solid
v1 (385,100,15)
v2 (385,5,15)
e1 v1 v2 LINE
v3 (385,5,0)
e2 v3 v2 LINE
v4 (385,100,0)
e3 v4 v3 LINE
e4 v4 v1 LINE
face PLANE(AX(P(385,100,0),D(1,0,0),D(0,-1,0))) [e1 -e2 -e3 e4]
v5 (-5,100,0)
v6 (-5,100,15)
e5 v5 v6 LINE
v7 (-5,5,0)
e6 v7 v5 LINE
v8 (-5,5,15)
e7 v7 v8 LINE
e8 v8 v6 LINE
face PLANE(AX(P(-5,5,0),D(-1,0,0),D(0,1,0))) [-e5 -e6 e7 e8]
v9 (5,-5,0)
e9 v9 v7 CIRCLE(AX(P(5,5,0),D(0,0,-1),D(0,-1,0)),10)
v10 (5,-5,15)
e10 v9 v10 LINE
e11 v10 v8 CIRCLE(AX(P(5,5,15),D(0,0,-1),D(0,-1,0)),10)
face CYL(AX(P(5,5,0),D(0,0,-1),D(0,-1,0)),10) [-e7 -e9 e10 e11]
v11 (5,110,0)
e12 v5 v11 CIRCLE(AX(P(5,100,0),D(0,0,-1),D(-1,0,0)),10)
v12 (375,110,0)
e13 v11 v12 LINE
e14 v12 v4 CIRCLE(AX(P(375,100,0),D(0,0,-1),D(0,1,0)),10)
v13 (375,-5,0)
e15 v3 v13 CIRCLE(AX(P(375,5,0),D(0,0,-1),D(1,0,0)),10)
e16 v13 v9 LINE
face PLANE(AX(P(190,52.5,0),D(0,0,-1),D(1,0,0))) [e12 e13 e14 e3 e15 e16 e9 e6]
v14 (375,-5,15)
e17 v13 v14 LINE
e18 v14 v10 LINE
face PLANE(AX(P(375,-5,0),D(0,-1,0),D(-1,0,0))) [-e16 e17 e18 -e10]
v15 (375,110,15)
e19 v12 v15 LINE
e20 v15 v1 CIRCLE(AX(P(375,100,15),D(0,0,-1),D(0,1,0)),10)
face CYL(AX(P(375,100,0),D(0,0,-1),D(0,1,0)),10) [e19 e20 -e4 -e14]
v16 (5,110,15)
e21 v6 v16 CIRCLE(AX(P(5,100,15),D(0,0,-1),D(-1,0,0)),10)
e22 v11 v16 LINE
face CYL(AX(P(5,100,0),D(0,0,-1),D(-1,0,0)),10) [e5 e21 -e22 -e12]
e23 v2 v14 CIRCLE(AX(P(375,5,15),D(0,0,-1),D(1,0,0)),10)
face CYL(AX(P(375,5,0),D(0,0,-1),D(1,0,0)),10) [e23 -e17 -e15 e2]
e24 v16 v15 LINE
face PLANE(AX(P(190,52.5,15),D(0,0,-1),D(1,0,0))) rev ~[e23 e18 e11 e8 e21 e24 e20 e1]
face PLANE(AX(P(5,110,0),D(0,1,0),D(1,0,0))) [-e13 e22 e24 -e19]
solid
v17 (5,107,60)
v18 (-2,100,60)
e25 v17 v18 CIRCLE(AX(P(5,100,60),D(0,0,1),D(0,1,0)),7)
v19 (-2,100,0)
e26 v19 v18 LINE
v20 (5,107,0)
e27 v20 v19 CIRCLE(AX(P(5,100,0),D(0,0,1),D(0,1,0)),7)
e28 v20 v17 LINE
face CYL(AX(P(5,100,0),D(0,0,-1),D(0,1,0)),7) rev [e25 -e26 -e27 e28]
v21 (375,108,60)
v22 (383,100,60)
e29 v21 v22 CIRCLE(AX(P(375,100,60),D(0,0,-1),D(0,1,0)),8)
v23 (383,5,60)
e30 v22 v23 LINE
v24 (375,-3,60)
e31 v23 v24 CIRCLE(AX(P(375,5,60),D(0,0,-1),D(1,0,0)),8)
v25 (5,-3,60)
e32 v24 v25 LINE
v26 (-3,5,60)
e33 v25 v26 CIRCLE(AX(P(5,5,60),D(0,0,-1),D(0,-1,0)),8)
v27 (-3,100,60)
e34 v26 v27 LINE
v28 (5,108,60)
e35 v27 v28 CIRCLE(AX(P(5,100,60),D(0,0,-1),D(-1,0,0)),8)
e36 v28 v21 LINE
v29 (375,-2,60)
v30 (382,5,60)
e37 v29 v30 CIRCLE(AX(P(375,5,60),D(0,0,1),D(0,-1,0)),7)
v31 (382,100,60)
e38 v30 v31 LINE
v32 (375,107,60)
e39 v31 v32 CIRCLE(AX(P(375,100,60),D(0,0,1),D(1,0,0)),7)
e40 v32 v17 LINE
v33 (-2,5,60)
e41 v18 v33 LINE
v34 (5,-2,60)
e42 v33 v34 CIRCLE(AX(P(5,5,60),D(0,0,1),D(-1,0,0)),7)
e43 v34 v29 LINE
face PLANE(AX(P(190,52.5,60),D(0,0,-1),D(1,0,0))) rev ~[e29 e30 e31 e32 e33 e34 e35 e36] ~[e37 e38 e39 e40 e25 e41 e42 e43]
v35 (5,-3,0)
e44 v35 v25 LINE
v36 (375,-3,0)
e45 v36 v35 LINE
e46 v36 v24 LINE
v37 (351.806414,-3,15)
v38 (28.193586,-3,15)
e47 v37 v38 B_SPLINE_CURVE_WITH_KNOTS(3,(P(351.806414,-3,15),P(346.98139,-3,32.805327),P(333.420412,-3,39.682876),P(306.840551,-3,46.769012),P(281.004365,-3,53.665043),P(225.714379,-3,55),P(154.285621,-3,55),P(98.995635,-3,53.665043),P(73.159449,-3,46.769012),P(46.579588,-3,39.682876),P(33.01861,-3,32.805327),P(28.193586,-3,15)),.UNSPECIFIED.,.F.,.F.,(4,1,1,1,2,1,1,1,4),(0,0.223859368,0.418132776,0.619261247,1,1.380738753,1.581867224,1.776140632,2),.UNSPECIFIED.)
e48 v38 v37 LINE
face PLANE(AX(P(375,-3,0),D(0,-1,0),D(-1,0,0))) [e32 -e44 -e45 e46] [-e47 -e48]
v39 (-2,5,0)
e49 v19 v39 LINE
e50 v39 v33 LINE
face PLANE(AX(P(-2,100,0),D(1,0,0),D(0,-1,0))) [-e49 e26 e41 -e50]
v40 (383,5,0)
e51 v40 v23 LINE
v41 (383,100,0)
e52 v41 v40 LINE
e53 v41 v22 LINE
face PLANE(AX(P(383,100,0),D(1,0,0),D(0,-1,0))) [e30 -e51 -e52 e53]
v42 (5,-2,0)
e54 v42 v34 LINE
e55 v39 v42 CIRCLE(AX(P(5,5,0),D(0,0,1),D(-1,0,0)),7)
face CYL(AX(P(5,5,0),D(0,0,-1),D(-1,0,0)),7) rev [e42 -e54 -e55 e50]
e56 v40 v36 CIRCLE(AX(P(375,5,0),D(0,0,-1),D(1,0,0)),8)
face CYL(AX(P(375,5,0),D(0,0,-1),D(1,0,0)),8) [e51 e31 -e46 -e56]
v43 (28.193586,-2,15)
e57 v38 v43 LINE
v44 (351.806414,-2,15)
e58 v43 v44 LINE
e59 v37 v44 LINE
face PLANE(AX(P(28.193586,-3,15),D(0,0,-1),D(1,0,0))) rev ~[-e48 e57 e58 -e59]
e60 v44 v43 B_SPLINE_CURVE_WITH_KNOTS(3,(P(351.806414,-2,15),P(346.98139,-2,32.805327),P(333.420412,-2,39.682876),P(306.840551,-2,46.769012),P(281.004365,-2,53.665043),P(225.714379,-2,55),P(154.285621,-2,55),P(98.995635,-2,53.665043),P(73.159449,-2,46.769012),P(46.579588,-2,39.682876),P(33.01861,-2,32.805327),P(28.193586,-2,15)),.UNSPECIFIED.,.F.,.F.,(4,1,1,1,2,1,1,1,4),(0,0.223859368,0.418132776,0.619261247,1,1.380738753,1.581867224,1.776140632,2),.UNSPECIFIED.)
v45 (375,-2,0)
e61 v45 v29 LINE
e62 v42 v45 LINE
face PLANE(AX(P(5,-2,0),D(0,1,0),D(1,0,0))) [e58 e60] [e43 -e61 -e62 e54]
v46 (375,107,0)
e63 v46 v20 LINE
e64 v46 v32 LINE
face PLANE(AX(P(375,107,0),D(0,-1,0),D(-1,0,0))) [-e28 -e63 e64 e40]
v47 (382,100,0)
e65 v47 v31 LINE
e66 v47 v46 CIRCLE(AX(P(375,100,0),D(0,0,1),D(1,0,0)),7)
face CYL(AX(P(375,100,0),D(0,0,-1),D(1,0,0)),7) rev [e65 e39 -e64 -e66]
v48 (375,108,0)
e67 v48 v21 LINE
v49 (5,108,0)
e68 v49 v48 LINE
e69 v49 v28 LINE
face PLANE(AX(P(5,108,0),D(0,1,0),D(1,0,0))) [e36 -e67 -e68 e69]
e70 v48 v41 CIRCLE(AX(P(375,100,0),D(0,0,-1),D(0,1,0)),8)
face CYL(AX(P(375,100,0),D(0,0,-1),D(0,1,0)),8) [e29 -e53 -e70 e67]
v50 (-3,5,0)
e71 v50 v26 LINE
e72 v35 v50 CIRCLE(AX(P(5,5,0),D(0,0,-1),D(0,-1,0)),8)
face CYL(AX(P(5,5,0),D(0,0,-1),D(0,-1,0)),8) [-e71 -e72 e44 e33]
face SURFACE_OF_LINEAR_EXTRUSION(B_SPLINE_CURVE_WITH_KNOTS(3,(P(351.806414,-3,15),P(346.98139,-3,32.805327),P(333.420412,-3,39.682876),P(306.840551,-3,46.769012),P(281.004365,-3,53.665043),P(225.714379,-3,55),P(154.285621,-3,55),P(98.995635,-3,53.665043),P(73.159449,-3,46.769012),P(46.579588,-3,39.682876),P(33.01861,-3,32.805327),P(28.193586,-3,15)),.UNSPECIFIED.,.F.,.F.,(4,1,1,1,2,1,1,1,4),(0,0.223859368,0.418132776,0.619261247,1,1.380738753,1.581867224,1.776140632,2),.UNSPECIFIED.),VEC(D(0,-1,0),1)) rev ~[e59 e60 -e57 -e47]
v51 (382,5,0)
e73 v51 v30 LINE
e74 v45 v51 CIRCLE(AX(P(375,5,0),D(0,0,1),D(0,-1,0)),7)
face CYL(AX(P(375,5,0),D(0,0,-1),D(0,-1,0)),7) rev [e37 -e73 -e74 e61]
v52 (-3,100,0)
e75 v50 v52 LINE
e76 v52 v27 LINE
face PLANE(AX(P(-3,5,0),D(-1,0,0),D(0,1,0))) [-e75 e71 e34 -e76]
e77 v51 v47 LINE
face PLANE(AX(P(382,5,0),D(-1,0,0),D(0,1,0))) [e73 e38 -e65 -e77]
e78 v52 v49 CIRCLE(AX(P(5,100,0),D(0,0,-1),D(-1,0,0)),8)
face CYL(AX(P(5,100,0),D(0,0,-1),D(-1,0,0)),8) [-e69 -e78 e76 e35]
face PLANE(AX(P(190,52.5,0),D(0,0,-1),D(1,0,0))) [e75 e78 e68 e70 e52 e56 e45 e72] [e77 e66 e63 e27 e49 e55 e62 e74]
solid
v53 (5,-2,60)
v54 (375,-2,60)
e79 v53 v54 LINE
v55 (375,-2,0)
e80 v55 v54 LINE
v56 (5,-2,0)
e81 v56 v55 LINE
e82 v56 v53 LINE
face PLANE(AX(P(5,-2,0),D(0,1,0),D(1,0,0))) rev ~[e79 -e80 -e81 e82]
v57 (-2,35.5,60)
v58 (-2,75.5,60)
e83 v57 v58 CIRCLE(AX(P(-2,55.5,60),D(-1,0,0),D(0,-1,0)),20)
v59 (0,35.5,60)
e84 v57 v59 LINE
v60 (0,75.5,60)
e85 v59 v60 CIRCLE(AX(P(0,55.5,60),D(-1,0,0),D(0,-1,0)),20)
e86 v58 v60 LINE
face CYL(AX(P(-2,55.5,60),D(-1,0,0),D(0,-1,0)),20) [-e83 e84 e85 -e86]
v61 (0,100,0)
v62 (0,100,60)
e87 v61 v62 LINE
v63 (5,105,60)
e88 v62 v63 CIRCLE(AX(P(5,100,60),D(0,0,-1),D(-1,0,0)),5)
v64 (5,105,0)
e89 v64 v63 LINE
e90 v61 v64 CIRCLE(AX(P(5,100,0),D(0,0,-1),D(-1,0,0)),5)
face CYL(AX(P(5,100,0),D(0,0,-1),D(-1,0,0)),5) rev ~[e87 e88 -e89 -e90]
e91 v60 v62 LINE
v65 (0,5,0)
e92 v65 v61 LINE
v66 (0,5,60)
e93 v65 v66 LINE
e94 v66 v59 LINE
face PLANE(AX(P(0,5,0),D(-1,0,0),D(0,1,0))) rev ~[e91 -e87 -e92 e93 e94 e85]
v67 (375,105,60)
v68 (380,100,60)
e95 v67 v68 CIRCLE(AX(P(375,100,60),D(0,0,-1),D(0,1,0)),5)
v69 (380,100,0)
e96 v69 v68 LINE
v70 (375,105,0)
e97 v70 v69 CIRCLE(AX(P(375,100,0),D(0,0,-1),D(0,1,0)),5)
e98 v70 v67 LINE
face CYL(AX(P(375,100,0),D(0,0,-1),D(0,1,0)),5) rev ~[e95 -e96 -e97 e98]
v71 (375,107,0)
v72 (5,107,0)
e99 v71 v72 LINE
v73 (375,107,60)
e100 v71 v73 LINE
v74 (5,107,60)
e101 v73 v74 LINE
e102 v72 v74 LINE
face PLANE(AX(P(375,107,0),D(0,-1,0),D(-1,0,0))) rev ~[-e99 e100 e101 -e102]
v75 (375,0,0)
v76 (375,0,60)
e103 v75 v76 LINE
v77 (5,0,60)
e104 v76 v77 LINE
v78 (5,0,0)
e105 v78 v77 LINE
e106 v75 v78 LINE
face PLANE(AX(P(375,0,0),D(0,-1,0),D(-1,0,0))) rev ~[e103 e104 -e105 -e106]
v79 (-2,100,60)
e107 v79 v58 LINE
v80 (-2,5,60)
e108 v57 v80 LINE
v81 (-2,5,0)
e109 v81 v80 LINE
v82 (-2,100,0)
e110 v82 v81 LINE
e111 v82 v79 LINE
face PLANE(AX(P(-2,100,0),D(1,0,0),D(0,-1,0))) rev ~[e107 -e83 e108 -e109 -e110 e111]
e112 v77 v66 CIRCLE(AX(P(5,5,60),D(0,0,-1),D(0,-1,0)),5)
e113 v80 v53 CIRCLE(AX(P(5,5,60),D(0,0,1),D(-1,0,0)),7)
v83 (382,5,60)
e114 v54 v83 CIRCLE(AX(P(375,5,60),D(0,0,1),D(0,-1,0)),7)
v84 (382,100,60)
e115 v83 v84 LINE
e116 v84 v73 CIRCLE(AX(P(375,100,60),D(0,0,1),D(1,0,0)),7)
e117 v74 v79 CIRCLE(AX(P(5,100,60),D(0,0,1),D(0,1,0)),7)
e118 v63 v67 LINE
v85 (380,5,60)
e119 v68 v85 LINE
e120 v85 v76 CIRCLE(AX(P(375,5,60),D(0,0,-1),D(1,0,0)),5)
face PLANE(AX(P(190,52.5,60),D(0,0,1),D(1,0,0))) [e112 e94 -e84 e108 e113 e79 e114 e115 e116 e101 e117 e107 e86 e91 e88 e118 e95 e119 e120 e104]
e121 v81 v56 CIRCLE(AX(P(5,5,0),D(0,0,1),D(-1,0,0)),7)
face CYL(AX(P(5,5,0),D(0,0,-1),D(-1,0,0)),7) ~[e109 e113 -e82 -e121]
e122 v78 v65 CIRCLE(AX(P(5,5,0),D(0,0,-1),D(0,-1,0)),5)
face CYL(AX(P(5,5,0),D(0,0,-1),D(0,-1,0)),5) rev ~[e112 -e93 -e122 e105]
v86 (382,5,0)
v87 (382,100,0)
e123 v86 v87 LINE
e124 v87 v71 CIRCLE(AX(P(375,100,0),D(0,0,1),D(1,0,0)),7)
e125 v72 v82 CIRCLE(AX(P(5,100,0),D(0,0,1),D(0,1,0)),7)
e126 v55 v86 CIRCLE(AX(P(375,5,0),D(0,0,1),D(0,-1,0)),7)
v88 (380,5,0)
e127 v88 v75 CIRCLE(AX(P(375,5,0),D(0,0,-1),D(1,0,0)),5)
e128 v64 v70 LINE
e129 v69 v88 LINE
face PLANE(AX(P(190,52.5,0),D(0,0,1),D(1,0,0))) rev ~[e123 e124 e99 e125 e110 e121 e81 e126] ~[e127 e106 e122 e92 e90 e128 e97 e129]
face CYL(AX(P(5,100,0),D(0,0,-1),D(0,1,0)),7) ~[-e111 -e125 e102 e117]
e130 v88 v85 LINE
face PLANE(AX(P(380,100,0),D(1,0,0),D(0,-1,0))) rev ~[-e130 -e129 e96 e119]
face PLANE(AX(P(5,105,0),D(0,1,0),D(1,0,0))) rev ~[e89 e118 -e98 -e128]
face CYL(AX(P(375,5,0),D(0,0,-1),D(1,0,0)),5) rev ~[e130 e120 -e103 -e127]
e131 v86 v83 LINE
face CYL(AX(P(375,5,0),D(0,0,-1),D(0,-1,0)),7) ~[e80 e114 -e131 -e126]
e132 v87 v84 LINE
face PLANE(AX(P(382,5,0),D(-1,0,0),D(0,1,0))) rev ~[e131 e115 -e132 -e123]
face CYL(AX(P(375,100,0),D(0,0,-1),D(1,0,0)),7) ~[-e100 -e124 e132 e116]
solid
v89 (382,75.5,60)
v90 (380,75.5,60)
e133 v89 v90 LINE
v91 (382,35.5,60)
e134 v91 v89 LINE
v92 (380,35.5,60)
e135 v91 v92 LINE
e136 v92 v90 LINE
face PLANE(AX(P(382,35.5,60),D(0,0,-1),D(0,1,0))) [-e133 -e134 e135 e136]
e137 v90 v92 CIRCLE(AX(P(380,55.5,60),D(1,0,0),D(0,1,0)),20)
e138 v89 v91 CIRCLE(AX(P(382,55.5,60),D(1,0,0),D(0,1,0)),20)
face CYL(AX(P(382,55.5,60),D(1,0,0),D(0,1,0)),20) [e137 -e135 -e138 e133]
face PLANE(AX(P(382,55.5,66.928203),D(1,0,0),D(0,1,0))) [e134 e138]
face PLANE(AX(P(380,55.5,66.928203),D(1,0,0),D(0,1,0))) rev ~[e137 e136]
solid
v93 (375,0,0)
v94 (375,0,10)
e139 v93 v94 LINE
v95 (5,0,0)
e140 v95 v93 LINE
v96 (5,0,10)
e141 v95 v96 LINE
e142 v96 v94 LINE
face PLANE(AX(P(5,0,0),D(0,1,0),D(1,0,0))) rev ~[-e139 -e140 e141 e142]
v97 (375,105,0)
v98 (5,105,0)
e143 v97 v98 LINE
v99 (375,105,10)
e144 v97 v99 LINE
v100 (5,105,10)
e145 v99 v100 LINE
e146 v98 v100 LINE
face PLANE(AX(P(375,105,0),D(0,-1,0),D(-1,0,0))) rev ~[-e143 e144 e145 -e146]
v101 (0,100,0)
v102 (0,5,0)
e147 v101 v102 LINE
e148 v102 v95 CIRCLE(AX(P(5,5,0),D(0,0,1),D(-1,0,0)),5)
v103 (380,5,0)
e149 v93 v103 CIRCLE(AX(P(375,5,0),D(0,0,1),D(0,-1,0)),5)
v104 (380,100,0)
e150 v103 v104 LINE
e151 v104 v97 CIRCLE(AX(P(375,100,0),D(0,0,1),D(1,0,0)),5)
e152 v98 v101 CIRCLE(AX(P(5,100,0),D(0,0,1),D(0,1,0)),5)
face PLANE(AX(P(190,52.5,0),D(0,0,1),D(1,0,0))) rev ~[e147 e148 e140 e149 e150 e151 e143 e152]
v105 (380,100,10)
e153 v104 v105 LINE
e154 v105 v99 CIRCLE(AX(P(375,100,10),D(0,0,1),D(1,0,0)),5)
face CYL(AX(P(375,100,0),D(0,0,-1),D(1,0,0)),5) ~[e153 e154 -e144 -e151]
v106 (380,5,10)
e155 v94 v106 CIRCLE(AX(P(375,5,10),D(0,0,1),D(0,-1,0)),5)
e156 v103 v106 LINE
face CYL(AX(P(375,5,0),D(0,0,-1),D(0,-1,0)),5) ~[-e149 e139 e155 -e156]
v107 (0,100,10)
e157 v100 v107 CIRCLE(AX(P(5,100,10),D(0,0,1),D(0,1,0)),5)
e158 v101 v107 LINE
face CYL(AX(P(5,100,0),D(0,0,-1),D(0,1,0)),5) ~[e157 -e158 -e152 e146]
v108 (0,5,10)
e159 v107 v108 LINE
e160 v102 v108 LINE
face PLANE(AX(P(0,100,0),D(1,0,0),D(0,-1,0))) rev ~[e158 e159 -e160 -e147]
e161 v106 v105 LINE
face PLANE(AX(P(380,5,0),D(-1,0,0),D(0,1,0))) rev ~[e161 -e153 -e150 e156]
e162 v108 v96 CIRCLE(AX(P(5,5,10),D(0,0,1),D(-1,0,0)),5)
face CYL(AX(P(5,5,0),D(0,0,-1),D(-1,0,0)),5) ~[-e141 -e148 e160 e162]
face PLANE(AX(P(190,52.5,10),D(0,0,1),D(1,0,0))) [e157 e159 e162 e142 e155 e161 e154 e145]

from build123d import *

# Parameters (mm, degrees)
F2_DEPTH  = 10
F3_DEPTH  = 60
F5_DEPTH  = 2
F7_DEPTH  = 2
F9_DEPTH  = 60
F11_DEPTH = 15
F13_DEPTH = 1


with BuildPart() as f2:
    # F0 (on Top) → F2 (new body)
    with BuildSketch(Plane.XY):
        with BuildLine():
            Line((375, 105), (5, 105))
            ThreePointArc((5, 105), (1.4644660941, 103.5355339059), (0, 100))
            Line((0, 100), (0, 5))
            ThreePointArc((0, 5), (1.4644660941, 1.4644660941), (5, 0))
            Line((5, 0), (375, 0))
            ThreePointArc((375, 0), (378.5355339059, 1.4644660941), (380, 5))
            Line((380, 5), (380, 100))
            ThreePointArc((380, 100), (378.5355339059, 103.5355339059), (375, 105))
        make_face()
    extrude(amount=F2_DEPTH)


with BuildPart() as f3:
    # F1 (on Top) → F3 (new body)
    with BuildSketch(Plane.XY):
        with BuildLine():
            Line((-2, 100), (-2, 5))
            ThreePointArc((-2, 5), (0.0502525317, 0.0502525317), (5, -2))
            Line((5, -2), (375, -2))
            ThreePointArc((375, -2), (379.9497474683, 0.0502525317), (382, 5))
            Line((382, 5), (382, 100))
            ThreePointArc((382, 100), (379.9497474683, 104.9497474683), (375, 107))
            Line((375, 107), (5, 107))
            ThreePointArc((5, 107), (0.0502525317, 104.9497474683), (-2, 100))
        make_face()
        with BuildLine():
            ThreePointArc((0, 100), (1.4644660941, 103.5355339059), (5, 105))
            Line((5, 105), (375, 105))
            ThreePointArc((375, 105), (378.5355339059, 103.5355339059), (380, 100))
            Line((380, 100), (380, 5))
            ThreePointArc((380, 5), (378.5355339059, 1.4644660941), (375, 0))
            Line((375, 0), (5, 0))
            ThreePointArc((5, 0), (1.4644660941, 1.4644660941), (0, 5))
            Line((0, 5), (0, 100))
        make_face(mode=Mode.SUBTRACT)
    extrude(amount=F3_DEPTH)

    # F4 (on face) → F5 (join)
    with BuildSketch(Plane(origin=(-2, 0, 0), x_dir=(0, -1, 0), z_dir=(-1, 0, 0))):
        with BuildLine():
            Line((-75.5, 60), (-35.5, 60))
            ThreePointArc((-35.5, 60), (-55.5, 80), (-75.5, 60))
        make_face()
    extrude(amount=-F5_DEPTH)


with BuildPart() as f7:
    # F6 (on face) → F7 (new body)
    with BuildSketch(Plane.YZ.offset(382)):
        with BuildLine():
            Line((35.5, 60), (75.5, 60))
            ThreePointArc((75.5, 60), (55.5, 80), (35.5, 60))
        make_face()
    extrude(amount=-F7_DEPTH)


with BuildPart() as f9:
    # F8 (on face) → F9 (new body)
    with BuildSketch(Plane(origin=(0, 0, 0), x_dir=(1, 0, 0), z_dir=(0, 0, -1))):
        with BuildLine():
            ThreePointArc((5, 3), (-0.6568542495, 0.6568542495), (-3, -5))
            Line((-3, -5), (-3, -100))
            ThreePointArc((-3, -100), (-0.6568542495, -105.6568542495), (5, -108))
            Line((5, -108), (375, -108))
            ThreePointArc((375, -108), (380.6568542495, -105.6568542495), (383, -100))
            Line((383, -100), (383, -5))
            ThreePointArc((383, -5), (380.6568542495, 0.6568542495), (375, 3))
            Line((375, 3), (5, 3))
        make_face()
        with BuildLine():
            ThreePointArc((5, -107), (0.0502525317, -104.9497474683), (-2, -100))
            Line((-2, -100), (-2, -5))
            ThreePointArc((-2, -5), (0.0502525317, -0.0502525317), (5, 2))
            Line((5, 2), (375, 2))
            ThreePointArc((375, 2), (379.9497474683, -0.0502525317), (382, -5))
            Line((382, -5), (382, -100))
            ThreePointArc((382, -100), (379.9497474683, -104.9497474683), (375, -107))
            Line((375, -107), (5, -107))
        make_face(mode=Mode.SUBTRACT)
    extrude(amount=-F9_DEPTH)

    # F12 (on face) → F13 (cut, symmetric)
    with BuildSketch(Plane.XZ.offset(3)):
        with BuildLine():
            add(Edge.make_bspline(
                [(28.1935859575, 15), (33.0186100511, 32.8053269822), (46.5795881553, 39.6828764907), (73.159449409, 46.7690119016), (98.9956348053, 53.6650429978), (154.2856206632, 55), (190, 55)],
                knots=[0, 0, 0, 0, 0.2238593677, 0.4181327763, 0.619261247, 1, 1, 1, 1], degree=3))
            Line((28.1935859575, 15), (190, 15))
            Line((190, 15), (190, 55))
        make_face()
        with BuildLine():
            add(Edge.make_bspline(
                [(351.8064140425, 15), (346.9813899489, 32.8053269822), (333.4204118447, 39.6828764907), (306.840550591, 46.7690119016), (281.0043651947, 53.6650429978), (225.7143793368, 55), (190, 55)],
                knots=[0, 0, 0, 0, 0.2238593677, 0.4181327763, 0.619261247, 1, 1, 1, 1], degree=3))
            Line((190, 55), (190, 15))
            Line((190, 15), (351.8064140425, 15))
        make_face()
    extrude(amount=F13_DEPTH, both=True, mode=Mode.SUBTRACT)


with BuildPart() as f11:
    # F10 (on face) → F11 (new body)
    with BuildSketch(Plane(origin=(0, 0, 0), x_dir=(1, 0, 0), z_dir=(0, 0, -1))):
        with BuildLine():
            ThreePointArc((5, 5), (-2.0710678119, 2.0710678119), (-5, -5))
            Line((-5, -5), (-5, -100))
            ThreePointArc((-5, -100), (-2.0710678119, -107.0710678119), (5, -110))
            Line((5, -110), (375, -110))
            ThreePointArc((375, -110), (382.0710678119, -107.0710678119), (385, -100))
            Line((385, -100), (385, -5))
            ThreePointArc((385, -5), (382.0710678119, 2.0710678119), (375, 5))
            Line((375, 5), (5, 5))
        make_face()
    extrude(amount=-F11_DEPTH)


solid = Compound([f2.part, f3.part, f7.part, f9.part, f11.part])
